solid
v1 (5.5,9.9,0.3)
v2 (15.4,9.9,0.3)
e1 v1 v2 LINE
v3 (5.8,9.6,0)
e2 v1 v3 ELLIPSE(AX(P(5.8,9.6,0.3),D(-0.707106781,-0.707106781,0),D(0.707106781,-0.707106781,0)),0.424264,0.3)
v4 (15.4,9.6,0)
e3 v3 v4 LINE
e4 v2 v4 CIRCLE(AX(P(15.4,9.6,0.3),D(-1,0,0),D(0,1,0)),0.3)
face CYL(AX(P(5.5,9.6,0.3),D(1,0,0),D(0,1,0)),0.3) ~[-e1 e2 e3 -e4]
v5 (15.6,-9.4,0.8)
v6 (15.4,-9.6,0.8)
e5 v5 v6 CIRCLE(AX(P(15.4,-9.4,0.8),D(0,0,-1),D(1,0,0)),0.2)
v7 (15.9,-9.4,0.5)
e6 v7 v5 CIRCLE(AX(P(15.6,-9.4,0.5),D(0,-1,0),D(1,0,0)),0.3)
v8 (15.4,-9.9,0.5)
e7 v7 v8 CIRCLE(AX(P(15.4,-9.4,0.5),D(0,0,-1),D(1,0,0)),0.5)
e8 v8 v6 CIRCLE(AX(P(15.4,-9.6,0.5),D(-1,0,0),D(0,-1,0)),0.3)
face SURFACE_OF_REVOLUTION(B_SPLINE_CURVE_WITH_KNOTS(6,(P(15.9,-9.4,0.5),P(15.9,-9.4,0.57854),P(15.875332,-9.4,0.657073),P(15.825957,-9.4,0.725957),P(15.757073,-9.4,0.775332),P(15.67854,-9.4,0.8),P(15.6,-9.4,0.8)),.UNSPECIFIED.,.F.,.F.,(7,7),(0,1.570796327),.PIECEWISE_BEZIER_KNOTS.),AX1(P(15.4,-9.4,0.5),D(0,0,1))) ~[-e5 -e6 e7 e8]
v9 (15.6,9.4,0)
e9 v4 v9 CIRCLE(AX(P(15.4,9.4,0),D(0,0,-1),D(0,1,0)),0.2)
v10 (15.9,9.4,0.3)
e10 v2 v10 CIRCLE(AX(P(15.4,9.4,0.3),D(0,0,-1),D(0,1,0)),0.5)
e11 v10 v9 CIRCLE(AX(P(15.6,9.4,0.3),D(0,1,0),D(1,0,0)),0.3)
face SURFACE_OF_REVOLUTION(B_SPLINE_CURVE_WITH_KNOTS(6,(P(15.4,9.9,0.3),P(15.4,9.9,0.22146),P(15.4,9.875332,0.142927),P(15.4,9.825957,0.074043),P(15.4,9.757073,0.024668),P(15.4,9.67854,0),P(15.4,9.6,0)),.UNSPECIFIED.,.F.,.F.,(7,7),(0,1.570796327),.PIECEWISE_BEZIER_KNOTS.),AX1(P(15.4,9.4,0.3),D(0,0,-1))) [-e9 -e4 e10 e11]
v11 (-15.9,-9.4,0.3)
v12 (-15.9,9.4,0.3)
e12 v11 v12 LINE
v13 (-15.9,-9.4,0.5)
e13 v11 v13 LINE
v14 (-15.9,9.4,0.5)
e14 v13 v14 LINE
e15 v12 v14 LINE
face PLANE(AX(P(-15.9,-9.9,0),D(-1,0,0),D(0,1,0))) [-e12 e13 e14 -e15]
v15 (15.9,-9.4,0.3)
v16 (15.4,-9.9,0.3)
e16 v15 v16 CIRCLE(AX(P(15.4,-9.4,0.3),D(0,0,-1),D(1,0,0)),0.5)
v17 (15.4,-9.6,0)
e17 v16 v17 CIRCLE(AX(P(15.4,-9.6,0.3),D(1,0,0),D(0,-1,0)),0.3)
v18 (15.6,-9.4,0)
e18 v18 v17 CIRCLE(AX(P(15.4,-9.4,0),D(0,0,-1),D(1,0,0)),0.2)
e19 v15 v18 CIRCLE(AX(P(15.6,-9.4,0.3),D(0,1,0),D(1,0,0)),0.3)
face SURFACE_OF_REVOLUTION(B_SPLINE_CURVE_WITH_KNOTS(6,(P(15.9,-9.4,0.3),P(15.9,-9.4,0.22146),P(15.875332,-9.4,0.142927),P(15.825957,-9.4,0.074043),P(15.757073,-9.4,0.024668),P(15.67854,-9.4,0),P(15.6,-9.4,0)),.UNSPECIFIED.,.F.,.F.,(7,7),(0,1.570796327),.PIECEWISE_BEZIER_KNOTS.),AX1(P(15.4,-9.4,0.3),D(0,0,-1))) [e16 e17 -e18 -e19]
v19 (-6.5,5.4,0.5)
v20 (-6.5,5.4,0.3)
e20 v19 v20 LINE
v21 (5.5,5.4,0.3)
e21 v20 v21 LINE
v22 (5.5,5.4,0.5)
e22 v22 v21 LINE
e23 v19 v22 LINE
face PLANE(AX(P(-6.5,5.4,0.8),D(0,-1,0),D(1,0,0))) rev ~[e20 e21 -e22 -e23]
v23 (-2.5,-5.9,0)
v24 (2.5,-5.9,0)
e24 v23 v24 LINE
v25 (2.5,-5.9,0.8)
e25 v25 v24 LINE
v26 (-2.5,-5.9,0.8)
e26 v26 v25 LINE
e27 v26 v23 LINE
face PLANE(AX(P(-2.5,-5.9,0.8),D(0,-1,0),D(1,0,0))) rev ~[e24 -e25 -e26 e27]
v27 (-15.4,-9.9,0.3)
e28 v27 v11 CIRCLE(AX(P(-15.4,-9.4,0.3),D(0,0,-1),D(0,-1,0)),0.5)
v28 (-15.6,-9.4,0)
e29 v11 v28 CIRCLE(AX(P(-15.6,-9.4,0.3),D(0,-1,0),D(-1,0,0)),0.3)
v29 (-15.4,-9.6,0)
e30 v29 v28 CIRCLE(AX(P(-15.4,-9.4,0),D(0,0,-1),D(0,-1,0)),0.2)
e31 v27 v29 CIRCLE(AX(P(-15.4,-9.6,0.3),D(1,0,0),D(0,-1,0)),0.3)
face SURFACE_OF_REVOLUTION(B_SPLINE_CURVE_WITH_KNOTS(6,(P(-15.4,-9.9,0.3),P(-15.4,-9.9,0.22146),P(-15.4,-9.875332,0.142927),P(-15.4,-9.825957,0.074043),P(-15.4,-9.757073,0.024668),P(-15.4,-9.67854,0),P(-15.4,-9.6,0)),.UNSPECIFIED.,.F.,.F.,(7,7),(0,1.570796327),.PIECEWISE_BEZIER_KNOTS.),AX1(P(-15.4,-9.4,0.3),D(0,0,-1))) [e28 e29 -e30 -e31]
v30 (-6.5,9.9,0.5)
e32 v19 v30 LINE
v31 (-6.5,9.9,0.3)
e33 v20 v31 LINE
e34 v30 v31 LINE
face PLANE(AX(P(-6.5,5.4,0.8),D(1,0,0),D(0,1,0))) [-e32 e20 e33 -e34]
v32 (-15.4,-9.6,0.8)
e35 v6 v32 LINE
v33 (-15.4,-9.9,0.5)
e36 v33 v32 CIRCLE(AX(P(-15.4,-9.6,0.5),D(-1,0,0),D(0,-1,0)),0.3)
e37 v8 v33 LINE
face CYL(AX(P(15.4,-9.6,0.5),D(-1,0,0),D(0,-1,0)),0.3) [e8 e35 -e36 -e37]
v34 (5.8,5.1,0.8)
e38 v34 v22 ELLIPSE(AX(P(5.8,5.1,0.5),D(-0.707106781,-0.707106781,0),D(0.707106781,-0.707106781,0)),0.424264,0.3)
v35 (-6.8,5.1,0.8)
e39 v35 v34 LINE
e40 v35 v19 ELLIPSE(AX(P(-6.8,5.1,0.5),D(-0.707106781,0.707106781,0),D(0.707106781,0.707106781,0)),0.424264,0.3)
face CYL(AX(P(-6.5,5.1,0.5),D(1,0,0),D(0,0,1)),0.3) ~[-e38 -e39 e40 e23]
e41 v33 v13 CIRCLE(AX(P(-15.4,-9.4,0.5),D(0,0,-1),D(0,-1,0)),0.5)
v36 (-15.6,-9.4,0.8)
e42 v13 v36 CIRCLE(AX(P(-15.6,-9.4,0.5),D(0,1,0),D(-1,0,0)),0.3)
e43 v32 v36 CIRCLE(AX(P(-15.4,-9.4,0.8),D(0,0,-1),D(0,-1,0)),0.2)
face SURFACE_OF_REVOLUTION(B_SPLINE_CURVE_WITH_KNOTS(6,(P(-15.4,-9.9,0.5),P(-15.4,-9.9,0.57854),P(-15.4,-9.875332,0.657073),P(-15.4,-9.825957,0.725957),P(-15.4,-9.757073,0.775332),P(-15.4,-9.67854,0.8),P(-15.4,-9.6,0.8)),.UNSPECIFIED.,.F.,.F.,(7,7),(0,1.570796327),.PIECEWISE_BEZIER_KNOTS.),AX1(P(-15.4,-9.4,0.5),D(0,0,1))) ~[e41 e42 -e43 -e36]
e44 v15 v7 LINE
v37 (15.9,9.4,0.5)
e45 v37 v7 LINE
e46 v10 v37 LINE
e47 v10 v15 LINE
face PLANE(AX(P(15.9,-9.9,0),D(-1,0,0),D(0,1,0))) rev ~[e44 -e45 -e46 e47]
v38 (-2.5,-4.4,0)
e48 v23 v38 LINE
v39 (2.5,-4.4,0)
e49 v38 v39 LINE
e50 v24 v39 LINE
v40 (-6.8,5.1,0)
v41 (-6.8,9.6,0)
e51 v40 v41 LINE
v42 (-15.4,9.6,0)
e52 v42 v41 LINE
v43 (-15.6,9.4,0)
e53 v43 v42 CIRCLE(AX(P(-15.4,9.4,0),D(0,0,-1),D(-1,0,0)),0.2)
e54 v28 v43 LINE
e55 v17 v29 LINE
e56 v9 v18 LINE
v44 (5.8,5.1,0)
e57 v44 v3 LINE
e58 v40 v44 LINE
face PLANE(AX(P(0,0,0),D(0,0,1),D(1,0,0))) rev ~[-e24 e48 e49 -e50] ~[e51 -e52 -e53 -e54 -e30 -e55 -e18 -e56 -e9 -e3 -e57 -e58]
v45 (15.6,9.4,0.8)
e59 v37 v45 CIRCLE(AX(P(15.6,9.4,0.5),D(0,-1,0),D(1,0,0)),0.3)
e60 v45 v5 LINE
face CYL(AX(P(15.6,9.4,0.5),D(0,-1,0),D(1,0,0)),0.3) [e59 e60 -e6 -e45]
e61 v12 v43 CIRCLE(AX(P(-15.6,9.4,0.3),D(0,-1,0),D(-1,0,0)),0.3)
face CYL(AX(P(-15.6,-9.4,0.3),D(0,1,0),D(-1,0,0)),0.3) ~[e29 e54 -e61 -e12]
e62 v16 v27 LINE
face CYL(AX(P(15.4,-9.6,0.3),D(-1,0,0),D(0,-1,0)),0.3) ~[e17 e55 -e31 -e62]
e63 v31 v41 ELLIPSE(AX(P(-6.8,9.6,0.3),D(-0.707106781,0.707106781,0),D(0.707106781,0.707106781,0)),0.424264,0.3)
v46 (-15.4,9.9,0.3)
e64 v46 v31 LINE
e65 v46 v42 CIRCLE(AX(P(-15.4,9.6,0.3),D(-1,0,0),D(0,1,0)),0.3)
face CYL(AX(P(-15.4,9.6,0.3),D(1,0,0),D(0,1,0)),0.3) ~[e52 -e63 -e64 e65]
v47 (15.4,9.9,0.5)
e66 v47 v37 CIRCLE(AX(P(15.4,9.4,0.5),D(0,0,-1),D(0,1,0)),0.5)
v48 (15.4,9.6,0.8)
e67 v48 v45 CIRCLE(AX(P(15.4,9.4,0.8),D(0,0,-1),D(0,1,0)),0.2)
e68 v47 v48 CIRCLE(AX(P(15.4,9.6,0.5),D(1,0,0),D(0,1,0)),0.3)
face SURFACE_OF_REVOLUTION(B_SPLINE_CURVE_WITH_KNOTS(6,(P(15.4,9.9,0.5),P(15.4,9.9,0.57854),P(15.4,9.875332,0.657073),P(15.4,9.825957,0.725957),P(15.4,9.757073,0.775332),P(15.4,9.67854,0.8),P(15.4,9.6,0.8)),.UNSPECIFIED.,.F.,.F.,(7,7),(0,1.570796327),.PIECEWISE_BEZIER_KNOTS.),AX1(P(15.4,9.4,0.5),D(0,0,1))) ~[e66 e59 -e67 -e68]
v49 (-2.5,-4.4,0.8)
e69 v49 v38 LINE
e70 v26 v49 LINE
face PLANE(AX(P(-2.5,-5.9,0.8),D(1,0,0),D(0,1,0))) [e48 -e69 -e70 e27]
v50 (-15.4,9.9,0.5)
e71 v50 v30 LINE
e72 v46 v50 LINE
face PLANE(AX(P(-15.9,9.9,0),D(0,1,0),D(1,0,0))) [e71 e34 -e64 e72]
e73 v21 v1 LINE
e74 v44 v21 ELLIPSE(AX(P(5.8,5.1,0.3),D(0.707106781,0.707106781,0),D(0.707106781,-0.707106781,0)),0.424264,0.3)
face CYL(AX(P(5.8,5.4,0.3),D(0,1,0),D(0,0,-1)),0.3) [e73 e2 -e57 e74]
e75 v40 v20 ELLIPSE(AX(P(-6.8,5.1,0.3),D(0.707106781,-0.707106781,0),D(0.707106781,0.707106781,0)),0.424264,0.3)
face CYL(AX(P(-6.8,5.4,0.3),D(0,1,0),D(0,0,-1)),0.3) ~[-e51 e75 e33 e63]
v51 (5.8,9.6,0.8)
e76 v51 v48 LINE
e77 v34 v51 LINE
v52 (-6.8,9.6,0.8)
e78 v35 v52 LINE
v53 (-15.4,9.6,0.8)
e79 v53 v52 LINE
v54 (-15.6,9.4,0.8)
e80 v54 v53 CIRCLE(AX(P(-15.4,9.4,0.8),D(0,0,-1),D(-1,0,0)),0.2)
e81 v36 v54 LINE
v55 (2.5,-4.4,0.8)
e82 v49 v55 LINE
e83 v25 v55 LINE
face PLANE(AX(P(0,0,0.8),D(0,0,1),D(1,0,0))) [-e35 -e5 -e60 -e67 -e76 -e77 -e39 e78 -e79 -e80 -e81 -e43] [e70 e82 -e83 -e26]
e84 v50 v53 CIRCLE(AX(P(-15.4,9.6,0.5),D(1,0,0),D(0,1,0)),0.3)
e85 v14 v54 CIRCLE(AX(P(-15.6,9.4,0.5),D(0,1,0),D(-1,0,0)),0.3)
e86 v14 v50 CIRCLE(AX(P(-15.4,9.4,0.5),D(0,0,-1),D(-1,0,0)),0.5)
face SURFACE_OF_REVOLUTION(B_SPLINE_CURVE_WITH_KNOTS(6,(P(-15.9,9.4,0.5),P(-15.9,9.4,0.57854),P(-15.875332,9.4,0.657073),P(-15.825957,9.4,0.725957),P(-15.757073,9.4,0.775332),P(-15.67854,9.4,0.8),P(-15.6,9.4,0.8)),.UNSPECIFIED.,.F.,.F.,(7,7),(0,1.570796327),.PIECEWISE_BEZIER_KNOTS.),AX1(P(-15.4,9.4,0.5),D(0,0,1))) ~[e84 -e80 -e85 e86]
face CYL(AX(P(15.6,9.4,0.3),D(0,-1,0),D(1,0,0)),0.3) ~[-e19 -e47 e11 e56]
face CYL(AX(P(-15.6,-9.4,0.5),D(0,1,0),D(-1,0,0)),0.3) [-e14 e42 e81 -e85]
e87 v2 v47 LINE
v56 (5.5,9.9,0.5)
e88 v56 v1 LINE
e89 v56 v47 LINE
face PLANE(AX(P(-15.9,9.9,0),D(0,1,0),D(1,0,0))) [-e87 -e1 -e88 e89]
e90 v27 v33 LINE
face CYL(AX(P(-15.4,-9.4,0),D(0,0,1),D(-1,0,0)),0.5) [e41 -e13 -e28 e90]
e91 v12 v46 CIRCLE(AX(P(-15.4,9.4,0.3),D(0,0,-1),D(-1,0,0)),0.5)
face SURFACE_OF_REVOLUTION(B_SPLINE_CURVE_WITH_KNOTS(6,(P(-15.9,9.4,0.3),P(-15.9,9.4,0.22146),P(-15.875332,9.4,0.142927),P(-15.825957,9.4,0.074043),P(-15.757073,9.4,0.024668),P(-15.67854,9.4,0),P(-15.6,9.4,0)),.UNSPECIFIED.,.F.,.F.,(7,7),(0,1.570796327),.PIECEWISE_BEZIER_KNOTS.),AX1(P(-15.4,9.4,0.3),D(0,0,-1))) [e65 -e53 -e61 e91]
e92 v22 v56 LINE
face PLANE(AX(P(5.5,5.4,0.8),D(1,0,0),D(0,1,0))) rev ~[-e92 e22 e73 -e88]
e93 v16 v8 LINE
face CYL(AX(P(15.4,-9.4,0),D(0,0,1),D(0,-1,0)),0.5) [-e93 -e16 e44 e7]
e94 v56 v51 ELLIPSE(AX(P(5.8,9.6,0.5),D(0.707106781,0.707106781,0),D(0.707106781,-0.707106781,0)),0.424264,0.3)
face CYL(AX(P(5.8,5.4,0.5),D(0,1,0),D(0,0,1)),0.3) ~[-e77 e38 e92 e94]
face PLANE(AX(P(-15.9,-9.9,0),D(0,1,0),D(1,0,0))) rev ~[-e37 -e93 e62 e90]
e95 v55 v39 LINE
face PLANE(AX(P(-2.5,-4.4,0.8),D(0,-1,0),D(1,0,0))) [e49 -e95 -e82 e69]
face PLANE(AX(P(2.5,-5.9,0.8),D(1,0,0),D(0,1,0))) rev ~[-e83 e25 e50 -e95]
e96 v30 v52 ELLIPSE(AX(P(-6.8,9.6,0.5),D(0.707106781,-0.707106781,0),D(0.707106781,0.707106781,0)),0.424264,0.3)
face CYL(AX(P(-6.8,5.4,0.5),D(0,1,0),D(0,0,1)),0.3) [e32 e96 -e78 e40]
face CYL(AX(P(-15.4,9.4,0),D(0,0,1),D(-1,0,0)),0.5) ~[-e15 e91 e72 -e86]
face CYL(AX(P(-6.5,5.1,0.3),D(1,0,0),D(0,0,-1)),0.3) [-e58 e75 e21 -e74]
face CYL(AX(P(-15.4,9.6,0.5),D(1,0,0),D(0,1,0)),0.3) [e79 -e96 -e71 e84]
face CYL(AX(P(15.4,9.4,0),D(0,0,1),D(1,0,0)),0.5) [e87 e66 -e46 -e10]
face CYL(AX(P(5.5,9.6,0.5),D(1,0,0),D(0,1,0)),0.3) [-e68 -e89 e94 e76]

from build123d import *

# Parameters (mm, degrees)
SKETCH006_W     = 31.8
SKETCH006_H     = 19.8
PAD001_DEPTH    = 0.8
SKETCH007_W     = 12
SKETCH007_H     = 4.5
POCKET005_DEPTH = 0.801
SKETCH008_W     = 5
SKETCH008_H     = 1.5
POCKET006_DEPTH = 0.801
FILLET002_R     = 0.5
FILLET003_R     = 0.3


with BuildPart() as part:
    # Sketch006 → Pad001 (new body)
    with BuildSketch(Plane.XY):
        Rectangle(SKETCH006_W, SKETCH006_H)
    extrude(amount=PAD001_DEPTH)

    # Sketch007 (on Face6 of Pad001) → Pocket005 (cut, through all)
    with BuildSketch(Plane.XY.offset(0.8)):
        with Locations((-0.5, 7.65)):
            Rectangle(SKETCH007_W, SKETCH007_H)
    extrude(amount=-POCKET005_DEPTH, mode=Mode.SUBTRACT)

    # Sketch008 (on Face4 of Pocket005) → Pocket006 (cut, through all)
    with BuildSketch(Plane.XY.offset(0.8)):
        with Locations((0, -5.15)):
            Rectangle(SKETCH008_W, SKETCH008_H)
    extrude(amount=-POCKET006_DEPTH, mode=Mode.SUBTRACT)

    # Fillet002
    fillet002_edges = [part.edges().sort_by_distance(p)[0] for p in [
        (15.9, -9.9, 0.4),
        (15.9, 9.9, 0.4),
        (-15.9, 9.9, 0.4),
        (-15.9, -9.9, 0.4),
    ]]
    fillet(fillet002_edges, radius=FILLET002_R)

    # Fillet003
    fillet003_edges = [part.edges().sort_by_distance(p)[0] for p in [
        (-15.9, 0, 0.8),
        (-15.9, 0, 0),
        (-10.95, 9.9, 0),
        (-10.95, 9.9, 0.8),
        (-0.5, 5.4, 0.8),
        (-0.5, 5.4, 0),
        (5.5, 7.65, 0),
        (5.5, 7.65, 0.8),
        (-6.5, 7.65, 0.8),
        (10.45, 9.9, 0),
        (10.45, 9.9, 0.8),
        (15.9, 0, 0.8),
        (15.9, 0, 0),
        (-6.5, 7.65, 0),
    ]]
    fillet(fillet003_edges, radius=FILLET003_R)


solid = part.part
